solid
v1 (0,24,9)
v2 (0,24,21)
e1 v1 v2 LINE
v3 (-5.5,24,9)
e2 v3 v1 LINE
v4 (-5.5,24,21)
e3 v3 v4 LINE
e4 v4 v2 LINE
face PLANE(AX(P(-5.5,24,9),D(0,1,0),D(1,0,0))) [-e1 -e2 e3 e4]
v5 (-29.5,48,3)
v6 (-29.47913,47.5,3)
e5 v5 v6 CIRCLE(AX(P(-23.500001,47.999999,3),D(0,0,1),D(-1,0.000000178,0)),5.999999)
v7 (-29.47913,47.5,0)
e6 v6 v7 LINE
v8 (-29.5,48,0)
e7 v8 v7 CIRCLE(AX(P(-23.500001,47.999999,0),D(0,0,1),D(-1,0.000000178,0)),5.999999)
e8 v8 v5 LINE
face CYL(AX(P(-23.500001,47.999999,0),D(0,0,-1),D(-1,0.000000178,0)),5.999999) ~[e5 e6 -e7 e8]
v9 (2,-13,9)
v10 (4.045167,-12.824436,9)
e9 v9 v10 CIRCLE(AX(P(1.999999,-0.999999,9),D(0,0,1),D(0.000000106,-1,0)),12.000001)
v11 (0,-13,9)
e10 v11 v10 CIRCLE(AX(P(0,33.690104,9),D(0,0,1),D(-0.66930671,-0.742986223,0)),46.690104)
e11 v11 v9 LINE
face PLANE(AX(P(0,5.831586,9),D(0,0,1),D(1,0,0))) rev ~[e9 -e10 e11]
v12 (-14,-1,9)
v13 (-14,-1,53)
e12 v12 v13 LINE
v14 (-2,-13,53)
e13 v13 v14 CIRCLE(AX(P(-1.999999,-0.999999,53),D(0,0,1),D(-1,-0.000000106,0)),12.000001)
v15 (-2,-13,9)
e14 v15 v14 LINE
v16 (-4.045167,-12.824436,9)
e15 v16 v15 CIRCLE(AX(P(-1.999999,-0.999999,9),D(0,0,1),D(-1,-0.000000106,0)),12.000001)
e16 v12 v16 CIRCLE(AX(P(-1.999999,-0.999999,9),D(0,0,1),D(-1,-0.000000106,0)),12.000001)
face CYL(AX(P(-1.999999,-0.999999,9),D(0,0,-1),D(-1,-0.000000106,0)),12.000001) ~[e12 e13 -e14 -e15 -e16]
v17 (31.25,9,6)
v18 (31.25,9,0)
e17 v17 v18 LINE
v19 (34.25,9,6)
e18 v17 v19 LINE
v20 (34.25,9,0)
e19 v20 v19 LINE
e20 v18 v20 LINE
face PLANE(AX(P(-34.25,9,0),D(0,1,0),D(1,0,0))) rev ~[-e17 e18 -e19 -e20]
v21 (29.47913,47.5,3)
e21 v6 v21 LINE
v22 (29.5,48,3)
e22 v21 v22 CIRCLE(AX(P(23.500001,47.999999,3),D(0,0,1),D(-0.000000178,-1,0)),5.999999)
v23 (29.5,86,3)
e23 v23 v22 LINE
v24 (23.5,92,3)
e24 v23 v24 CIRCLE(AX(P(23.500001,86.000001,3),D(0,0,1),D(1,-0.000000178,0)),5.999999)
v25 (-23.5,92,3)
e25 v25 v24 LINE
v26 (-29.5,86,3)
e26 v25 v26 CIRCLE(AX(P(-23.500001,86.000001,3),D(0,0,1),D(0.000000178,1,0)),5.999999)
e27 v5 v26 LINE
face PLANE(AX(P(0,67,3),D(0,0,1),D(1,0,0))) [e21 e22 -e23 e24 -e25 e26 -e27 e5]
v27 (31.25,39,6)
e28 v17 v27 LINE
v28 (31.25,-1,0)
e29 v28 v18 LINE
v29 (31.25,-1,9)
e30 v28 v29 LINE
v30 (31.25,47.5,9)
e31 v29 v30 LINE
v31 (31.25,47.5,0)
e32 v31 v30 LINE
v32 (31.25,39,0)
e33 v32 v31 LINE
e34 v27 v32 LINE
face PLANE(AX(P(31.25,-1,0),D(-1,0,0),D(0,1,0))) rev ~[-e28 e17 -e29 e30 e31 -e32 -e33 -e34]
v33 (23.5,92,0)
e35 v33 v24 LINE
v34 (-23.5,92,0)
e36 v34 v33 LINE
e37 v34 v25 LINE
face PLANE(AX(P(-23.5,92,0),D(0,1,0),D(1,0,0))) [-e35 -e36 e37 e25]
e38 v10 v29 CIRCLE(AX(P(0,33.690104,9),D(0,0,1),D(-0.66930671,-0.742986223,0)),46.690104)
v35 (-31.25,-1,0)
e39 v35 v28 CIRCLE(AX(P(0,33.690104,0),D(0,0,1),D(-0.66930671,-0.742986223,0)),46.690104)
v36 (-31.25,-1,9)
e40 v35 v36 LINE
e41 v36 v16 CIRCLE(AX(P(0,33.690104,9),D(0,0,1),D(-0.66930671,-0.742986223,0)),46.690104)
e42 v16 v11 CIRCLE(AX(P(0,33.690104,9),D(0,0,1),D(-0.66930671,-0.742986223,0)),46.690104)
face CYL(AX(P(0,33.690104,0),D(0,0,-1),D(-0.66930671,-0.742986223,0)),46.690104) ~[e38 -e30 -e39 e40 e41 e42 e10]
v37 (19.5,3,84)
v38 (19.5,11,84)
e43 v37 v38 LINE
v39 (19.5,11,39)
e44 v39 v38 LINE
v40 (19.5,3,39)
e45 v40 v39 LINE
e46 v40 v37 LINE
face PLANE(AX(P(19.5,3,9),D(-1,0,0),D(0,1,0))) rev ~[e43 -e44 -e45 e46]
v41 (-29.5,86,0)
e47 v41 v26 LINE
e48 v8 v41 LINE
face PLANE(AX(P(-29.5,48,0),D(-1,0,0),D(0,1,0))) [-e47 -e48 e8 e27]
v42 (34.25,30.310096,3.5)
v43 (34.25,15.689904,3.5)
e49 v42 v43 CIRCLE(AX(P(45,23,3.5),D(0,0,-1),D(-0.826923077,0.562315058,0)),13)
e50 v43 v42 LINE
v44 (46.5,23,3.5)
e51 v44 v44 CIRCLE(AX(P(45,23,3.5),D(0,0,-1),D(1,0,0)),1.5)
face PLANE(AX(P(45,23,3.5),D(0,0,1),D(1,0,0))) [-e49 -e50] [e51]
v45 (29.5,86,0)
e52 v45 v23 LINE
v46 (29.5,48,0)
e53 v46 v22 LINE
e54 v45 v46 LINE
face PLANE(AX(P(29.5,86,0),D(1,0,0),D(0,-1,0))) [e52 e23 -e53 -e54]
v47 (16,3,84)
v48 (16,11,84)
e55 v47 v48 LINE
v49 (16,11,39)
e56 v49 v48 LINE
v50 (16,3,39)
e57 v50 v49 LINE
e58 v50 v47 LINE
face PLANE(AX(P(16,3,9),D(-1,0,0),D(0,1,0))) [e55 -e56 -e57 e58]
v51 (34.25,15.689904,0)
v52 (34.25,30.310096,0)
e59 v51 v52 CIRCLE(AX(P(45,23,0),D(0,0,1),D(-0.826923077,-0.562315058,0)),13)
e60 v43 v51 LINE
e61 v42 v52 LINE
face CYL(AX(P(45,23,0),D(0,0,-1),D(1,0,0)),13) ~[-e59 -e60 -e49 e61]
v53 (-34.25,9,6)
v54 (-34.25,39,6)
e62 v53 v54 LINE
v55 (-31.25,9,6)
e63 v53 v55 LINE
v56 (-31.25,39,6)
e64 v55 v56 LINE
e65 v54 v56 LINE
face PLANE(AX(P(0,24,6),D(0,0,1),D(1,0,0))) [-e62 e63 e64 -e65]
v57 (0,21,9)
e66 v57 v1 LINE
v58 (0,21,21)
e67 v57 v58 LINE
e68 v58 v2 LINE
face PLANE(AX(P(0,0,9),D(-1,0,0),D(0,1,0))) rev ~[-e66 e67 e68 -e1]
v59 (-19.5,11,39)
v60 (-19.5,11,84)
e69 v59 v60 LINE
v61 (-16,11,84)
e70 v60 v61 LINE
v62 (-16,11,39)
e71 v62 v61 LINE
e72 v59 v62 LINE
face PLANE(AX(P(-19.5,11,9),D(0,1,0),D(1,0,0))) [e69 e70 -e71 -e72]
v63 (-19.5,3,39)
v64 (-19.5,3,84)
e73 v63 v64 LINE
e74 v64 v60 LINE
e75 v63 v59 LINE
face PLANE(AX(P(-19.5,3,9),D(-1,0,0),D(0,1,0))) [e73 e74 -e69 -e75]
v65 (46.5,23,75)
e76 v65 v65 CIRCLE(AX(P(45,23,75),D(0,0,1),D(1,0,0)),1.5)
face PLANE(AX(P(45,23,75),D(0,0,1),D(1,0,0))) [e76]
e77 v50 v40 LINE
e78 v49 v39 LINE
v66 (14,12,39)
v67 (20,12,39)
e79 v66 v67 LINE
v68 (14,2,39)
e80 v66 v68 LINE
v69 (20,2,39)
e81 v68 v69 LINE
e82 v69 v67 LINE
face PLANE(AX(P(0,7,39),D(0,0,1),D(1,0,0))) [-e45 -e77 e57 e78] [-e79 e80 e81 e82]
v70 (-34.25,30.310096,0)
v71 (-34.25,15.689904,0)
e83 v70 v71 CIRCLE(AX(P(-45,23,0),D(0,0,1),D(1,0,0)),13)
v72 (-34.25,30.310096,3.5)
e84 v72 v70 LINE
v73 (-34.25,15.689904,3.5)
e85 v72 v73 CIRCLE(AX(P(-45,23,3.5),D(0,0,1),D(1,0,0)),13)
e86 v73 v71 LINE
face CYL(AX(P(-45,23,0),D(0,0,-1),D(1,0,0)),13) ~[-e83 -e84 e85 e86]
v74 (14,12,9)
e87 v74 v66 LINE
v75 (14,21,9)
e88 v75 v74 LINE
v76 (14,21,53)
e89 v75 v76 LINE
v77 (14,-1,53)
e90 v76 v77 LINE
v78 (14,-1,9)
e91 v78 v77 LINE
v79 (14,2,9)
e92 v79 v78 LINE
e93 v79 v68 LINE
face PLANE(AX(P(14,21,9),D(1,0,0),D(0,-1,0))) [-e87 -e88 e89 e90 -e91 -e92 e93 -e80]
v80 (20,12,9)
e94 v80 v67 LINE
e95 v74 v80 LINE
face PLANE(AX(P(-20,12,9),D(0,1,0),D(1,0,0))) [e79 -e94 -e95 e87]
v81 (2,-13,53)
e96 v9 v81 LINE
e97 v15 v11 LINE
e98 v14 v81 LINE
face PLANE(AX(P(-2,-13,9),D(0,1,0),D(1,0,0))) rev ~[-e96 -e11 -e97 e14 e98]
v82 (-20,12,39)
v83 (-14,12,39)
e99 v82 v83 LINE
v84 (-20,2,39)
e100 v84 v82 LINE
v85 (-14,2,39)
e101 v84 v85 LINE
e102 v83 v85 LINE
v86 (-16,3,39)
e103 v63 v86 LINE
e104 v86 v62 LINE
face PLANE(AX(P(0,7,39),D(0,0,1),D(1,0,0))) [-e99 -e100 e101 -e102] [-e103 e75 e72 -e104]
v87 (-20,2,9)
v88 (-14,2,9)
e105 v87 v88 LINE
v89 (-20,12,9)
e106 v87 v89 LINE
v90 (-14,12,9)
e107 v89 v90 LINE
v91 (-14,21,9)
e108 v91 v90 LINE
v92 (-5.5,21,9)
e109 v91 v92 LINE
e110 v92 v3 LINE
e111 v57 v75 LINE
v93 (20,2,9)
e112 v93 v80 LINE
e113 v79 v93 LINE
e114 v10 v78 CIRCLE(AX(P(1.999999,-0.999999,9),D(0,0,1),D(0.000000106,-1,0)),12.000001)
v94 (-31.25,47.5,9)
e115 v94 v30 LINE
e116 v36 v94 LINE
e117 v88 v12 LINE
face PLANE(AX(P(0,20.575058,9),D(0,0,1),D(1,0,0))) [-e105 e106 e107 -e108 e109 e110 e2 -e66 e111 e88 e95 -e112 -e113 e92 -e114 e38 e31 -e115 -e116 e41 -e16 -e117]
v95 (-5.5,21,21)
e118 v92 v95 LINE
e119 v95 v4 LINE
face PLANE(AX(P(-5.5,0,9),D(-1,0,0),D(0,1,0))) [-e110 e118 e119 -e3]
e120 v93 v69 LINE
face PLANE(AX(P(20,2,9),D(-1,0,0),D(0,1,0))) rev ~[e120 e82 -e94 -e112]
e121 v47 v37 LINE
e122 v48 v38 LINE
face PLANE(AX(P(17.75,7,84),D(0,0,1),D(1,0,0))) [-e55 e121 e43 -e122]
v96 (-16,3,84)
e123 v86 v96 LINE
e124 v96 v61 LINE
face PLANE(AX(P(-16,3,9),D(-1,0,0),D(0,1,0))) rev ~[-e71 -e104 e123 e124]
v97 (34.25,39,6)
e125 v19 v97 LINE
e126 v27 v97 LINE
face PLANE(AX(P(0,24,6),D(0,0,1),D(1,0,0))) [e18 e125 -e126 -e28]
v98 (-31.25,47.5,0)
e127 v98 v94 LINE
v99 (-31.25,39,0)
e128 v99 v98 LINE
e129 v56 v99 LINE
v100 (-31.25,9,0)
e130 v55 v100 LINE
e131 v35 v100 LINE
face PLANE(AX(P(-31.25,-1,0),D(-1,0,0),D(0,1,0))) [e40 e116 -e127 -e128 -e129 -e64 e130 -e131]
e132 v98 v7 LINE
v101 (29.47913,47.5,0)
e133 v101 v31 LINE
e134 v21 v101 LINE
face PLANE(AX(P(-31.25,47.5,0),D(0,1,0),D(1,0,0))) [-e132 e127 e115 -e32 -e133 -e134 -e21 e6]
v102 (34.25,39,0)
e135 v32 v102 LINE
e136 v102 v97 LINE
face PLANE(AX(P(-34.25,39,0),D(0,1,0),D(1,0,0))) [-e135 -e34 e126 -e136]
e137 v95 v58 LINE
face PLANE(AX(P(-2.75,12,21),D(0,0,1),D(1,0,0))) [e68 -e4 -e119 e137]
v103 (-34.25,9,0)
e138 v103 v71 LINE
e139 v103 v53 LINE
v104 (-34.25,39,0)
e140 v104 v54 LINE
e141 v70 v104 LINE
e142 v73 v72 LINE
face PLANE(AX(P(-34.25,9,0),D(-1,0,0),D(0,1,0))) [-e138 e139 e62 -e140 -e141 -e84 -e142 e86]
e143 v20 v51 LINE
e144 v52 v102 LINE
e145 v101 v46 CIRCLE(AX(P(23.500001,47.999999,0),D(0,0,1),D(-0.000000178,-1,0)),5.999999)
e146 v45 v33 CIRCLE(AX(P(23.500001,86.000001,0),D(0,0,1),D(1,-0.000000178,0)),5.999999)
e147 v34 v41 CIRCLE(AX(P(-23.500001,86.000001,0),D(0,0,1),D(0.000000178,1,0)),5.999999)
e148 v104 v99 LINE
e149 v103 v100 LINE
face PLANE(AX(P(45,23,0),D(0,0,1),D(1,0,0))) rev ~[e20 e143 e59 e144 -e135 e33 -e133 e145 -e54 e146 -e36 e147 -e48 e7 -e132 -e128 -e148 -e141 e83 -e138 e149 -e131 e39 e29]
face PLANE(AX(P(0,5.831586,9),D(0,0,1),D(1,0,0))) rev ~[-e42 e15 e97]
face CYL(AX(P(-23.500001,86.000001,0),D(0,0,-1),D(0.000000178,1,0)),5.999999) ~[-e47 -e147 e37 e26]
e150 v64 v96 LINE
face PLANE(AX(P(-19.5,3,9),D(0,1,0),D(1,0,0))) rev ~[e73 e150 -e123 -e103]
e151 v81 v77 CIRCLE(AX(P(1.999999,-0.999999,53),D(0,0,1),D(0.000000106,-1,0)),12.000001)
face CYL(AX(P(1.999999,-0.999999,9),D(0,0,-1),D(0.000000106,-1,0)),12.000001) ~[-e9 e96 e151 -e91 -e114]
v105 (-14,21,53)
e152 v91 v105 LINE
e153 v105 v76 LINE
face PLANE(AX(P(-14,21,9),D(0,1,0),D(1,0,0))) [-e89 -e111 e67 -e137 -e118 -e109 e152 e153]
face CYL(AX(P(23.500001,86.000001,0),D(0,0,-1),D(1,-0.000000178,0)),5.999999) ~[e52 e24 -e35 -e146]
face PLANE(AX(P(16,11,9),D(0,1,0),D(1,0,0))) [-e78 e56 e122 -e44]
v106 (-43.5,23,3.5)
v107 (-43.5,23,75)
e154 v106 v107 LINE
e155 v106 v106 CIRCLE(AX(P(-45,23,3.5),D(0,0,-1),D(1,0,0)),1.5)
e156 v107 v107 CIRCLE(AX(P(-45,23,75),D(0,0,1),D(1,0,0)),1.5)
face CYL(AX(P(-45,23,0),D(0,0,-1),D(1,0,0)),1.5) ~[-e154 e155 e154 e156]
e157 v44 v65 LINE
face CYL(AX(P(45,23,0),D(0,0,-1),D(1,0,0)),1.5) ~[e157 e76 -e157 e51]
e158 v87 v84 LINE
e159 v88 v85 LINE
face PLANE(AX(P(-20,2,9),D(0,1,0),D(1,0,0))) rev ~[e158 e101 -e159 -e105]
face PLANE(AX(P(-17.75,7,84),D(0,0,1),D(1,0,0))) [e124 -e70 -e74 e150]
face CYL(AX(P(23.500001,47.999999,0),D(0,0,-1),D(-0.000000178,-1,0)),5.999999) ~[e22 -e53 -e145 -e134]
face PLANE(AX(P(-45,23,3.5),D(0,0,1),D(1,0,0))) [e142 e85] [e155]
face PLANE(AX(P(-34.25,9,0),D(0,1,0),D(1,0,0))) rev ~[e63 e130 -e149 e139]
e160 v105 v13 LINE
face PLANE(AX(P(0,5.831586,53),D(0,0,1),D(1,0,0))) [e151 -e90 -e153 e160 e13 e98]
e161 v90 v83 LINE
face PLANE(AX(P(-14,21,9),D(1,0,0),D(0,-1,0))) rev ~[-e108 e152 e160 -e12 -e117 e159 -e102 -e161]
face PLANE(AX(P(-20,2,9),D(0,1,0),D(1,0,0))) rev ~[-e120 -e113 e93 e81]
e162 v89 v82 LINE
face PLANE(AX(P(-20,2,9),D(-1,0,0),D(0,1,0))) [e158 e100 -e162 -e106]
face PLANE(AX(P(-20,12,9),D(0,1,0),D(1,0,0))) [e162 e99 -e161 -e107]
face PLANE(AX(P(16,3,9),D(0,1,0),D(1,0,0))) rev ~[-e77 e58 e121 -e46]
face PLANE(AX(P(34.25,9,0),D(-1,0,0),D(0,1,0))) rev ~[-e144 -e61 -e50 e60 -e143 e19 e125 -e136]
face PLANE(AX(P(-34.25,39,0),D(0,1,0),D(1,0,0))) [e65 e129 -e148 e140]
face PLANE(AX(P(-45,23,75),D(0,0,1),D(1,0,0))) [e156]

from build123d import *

# Parameters (mm, degrees)
SKETCH007_R      = 1.5
EXTRUDE012_DEPTH = 75
SKETCH008_R      = 13
EXTRUDE014_DEPTH = 3.5
EXTRUDE002_DEPTH = 44
SKETCH002_W      = 3.5
SKETCH002_H      = 8
EXTRUDE003_DEPTH = 75
SKETCH003_W      = 40
SKETCH003_H      = 10
EXTRUDE005_DEPTH = 30
SKETCH004_W      = 68.5
SKETCH004_H      = 30
EXTRUDE006_DEPTH = 6
SKETCH005_W      = 5.5
SKETCH005_H      = 24
EXTRUDE008_DEPTH = 12
EXTRUDE009_DEPTH = 3
EXTRUDE010_DEPTH = 3
EXTRUDE_DEPTH    = 9


with BuildPart() as extrude012:
    # Sketch007 → Extrude012 (new body)
    with BuildSketch(Plane.XY):
        with Locations((-45, 23)):
            Circle(SKETCH007_R)
        with Locations((45, 23)):
            Circle(SKETCH007_R)
    extrude(amount=EXTRUDE012_DEPTH)


with BuildPart() as extrude014:
    # Sketch008 → Extrude014 (new body)
    with BuildSketch(Plane.XY):
        with Locations((-45, 23)):
            Circle(SKETCH008_R)
        with Locations((45, 23)):
            Circle(SKETCH008_R)
    extrude(amount=EXTRUDE014_DEPTH)


with BuildPart() as extrude002:
    # Sketch001 (on Face6 of Extrude) → Extrude002 (new body)
    with BuildSketch(Plane.XY.offset(9)):
        with BuildLine():
            Line((-14, 21), (-14, -1))
            ThreePointArc((-14, -1), (-10.485281, -9.485281), (-2, -13))
            Line((-2, -13), (2, -13))
            ThreePointArc((2, -13), (10.485281, -9.485281), (14, -1))
            Line((14, 21), (14, -1))
            Line((-14, 21), (14, 21))
        make_face()
    extrude(amount=EXTRUDE002_DEPTH)


with BuildPart() as extrude003:
    # Sketch002 (on Face6 of Extrude) → Extrude003 (new body)
    with BuildSketch(Plane.XY.offset(9)):
        with Locations((-17.75, 7)):
            Rectangle(SKETCH002_W, SKETCH002_H)
        with Locations((17.75, 7)):
            Rectangle(SKETCH002_W, SKETCH002_H)
    extrude(amount=EXTRUDE003_DEPTH)


with BuildPart() as extrude005:
    # Sketch003 (on Face6 of Extrude) → Extrude005 (new body)
    with BuildSketch(Plane.XY.offset(9)):
        with Locations((0, 7)):
            Rectangle(SKETCH003_W, SKETCH003_H)
    extrude(amount=EXTRUDE005_DEPTH)


with BuildPart() as extrude006:
    # Sketch004 → Extrude006 (new body)
    with BuildSketch(Plane.XY):
        with Locations((0, 24)):
            Rectangle(SKETCH004_W, SKETCH004_H)
    extrude(amount=EXTRUDE006_DEPTH)


with BuildPart() as extrude008:
    # Sketch005 (on Face6 of Extrude) → Extrude008 (new body)
    with BuildSketch(Plane.XY.offset(9)):
        with Locations((-2.75, 12)):
            Rectangle(SKETCH005_W, SKETCH005_H)
    extrude(amount=EXTRUDE008_DEPTH)


with BuildPart() as extrude009:
    # Sketch006 → Extrude009 (new body)
    with BuildSketch(Plane.XY):
        with BuildLine():
            ThreePointArc((-23.5, 92), (-27.742641, 90.242641), (-29.5, 86))
            Line((-29.5, 48), (-29.5, 86))
            ThreePointArc((-29.5, 48), (-27.742641, 43.757359), (-23.5, 42))
            Line((23.5, 42), (-23.5, 42))
            ThreePointArc((23.5, 42), (27.742641, 43.757359), (29.5, 48))
            Line((29.5, 86), (29.5, 48))
            ThreePointArc((29.5, 86), (27.742641, 90.242641), (23.5, 92))
            Line((-23.5, 92), (23.5, 92))
        make_face()
    extrude(amount=EXTRUDE009_DEPTH)


with BuildPart() as extrude010:
    # Sketch006 → Extrude010 (new body)
    with BuildSketch(Plane.XY):
        with BuildLine():
            ThreePointArc((-23.5, 92), (-27.742641, 90.242641), (-29.5, 86))
            Line((-29.5, 48), (-29.5, 86))
            ThreePointArc((-29.5, 48), (-27.742641, 43.757359), (-23.5, 42))
            Line((23.5, 42), (-23.5, 42))
            ThreePointArc((23.5, 42), (27.742641, 43.757359), (29.5, 48))
            Line((29.5, 86), (29.5, 48))
            ThreePointArc((29.5, 86), (27.742641, 90.242641), (23.5, 92))
            Line((-23.5, 92), (23.5, 92))
        make_face()
    extrude(amount=EXTRUDE010_DEPTH)


with BuildPart() as fusion001:
    # Sketch → Extrude (new body)
    with BuildSketch(Plane.XY):
        with BuildLine():
            ThreePointArc((-31.25, -1), (0, -13), (31.25, -1))
            Line((31.25, -1), (31.25, 47.5))
            Line((-31.25, 47.5), (31.25, 47.5))
            Line((-31.25, -1), (-31.25, 47.5))
        make_face()
    extrude(amount=EXTRUDE_DEPTH)

    # Fusion: union Extrude002, Extrude003, Extrude005, Extrude006, Extrude008, Extrude009, Extrude010
    add(extrude002.part)
    add(extrude003.part)
    add(extrude005.part)
    add(extrude006.part)
    add(extrude008.part)
    add(extrude009.part)
    add(extrude010.part)

    # Fusion001: union Extrude012, Extrude014
    add(extrude012.part)
    add(extrude014.part)


solid = fusion001.part
